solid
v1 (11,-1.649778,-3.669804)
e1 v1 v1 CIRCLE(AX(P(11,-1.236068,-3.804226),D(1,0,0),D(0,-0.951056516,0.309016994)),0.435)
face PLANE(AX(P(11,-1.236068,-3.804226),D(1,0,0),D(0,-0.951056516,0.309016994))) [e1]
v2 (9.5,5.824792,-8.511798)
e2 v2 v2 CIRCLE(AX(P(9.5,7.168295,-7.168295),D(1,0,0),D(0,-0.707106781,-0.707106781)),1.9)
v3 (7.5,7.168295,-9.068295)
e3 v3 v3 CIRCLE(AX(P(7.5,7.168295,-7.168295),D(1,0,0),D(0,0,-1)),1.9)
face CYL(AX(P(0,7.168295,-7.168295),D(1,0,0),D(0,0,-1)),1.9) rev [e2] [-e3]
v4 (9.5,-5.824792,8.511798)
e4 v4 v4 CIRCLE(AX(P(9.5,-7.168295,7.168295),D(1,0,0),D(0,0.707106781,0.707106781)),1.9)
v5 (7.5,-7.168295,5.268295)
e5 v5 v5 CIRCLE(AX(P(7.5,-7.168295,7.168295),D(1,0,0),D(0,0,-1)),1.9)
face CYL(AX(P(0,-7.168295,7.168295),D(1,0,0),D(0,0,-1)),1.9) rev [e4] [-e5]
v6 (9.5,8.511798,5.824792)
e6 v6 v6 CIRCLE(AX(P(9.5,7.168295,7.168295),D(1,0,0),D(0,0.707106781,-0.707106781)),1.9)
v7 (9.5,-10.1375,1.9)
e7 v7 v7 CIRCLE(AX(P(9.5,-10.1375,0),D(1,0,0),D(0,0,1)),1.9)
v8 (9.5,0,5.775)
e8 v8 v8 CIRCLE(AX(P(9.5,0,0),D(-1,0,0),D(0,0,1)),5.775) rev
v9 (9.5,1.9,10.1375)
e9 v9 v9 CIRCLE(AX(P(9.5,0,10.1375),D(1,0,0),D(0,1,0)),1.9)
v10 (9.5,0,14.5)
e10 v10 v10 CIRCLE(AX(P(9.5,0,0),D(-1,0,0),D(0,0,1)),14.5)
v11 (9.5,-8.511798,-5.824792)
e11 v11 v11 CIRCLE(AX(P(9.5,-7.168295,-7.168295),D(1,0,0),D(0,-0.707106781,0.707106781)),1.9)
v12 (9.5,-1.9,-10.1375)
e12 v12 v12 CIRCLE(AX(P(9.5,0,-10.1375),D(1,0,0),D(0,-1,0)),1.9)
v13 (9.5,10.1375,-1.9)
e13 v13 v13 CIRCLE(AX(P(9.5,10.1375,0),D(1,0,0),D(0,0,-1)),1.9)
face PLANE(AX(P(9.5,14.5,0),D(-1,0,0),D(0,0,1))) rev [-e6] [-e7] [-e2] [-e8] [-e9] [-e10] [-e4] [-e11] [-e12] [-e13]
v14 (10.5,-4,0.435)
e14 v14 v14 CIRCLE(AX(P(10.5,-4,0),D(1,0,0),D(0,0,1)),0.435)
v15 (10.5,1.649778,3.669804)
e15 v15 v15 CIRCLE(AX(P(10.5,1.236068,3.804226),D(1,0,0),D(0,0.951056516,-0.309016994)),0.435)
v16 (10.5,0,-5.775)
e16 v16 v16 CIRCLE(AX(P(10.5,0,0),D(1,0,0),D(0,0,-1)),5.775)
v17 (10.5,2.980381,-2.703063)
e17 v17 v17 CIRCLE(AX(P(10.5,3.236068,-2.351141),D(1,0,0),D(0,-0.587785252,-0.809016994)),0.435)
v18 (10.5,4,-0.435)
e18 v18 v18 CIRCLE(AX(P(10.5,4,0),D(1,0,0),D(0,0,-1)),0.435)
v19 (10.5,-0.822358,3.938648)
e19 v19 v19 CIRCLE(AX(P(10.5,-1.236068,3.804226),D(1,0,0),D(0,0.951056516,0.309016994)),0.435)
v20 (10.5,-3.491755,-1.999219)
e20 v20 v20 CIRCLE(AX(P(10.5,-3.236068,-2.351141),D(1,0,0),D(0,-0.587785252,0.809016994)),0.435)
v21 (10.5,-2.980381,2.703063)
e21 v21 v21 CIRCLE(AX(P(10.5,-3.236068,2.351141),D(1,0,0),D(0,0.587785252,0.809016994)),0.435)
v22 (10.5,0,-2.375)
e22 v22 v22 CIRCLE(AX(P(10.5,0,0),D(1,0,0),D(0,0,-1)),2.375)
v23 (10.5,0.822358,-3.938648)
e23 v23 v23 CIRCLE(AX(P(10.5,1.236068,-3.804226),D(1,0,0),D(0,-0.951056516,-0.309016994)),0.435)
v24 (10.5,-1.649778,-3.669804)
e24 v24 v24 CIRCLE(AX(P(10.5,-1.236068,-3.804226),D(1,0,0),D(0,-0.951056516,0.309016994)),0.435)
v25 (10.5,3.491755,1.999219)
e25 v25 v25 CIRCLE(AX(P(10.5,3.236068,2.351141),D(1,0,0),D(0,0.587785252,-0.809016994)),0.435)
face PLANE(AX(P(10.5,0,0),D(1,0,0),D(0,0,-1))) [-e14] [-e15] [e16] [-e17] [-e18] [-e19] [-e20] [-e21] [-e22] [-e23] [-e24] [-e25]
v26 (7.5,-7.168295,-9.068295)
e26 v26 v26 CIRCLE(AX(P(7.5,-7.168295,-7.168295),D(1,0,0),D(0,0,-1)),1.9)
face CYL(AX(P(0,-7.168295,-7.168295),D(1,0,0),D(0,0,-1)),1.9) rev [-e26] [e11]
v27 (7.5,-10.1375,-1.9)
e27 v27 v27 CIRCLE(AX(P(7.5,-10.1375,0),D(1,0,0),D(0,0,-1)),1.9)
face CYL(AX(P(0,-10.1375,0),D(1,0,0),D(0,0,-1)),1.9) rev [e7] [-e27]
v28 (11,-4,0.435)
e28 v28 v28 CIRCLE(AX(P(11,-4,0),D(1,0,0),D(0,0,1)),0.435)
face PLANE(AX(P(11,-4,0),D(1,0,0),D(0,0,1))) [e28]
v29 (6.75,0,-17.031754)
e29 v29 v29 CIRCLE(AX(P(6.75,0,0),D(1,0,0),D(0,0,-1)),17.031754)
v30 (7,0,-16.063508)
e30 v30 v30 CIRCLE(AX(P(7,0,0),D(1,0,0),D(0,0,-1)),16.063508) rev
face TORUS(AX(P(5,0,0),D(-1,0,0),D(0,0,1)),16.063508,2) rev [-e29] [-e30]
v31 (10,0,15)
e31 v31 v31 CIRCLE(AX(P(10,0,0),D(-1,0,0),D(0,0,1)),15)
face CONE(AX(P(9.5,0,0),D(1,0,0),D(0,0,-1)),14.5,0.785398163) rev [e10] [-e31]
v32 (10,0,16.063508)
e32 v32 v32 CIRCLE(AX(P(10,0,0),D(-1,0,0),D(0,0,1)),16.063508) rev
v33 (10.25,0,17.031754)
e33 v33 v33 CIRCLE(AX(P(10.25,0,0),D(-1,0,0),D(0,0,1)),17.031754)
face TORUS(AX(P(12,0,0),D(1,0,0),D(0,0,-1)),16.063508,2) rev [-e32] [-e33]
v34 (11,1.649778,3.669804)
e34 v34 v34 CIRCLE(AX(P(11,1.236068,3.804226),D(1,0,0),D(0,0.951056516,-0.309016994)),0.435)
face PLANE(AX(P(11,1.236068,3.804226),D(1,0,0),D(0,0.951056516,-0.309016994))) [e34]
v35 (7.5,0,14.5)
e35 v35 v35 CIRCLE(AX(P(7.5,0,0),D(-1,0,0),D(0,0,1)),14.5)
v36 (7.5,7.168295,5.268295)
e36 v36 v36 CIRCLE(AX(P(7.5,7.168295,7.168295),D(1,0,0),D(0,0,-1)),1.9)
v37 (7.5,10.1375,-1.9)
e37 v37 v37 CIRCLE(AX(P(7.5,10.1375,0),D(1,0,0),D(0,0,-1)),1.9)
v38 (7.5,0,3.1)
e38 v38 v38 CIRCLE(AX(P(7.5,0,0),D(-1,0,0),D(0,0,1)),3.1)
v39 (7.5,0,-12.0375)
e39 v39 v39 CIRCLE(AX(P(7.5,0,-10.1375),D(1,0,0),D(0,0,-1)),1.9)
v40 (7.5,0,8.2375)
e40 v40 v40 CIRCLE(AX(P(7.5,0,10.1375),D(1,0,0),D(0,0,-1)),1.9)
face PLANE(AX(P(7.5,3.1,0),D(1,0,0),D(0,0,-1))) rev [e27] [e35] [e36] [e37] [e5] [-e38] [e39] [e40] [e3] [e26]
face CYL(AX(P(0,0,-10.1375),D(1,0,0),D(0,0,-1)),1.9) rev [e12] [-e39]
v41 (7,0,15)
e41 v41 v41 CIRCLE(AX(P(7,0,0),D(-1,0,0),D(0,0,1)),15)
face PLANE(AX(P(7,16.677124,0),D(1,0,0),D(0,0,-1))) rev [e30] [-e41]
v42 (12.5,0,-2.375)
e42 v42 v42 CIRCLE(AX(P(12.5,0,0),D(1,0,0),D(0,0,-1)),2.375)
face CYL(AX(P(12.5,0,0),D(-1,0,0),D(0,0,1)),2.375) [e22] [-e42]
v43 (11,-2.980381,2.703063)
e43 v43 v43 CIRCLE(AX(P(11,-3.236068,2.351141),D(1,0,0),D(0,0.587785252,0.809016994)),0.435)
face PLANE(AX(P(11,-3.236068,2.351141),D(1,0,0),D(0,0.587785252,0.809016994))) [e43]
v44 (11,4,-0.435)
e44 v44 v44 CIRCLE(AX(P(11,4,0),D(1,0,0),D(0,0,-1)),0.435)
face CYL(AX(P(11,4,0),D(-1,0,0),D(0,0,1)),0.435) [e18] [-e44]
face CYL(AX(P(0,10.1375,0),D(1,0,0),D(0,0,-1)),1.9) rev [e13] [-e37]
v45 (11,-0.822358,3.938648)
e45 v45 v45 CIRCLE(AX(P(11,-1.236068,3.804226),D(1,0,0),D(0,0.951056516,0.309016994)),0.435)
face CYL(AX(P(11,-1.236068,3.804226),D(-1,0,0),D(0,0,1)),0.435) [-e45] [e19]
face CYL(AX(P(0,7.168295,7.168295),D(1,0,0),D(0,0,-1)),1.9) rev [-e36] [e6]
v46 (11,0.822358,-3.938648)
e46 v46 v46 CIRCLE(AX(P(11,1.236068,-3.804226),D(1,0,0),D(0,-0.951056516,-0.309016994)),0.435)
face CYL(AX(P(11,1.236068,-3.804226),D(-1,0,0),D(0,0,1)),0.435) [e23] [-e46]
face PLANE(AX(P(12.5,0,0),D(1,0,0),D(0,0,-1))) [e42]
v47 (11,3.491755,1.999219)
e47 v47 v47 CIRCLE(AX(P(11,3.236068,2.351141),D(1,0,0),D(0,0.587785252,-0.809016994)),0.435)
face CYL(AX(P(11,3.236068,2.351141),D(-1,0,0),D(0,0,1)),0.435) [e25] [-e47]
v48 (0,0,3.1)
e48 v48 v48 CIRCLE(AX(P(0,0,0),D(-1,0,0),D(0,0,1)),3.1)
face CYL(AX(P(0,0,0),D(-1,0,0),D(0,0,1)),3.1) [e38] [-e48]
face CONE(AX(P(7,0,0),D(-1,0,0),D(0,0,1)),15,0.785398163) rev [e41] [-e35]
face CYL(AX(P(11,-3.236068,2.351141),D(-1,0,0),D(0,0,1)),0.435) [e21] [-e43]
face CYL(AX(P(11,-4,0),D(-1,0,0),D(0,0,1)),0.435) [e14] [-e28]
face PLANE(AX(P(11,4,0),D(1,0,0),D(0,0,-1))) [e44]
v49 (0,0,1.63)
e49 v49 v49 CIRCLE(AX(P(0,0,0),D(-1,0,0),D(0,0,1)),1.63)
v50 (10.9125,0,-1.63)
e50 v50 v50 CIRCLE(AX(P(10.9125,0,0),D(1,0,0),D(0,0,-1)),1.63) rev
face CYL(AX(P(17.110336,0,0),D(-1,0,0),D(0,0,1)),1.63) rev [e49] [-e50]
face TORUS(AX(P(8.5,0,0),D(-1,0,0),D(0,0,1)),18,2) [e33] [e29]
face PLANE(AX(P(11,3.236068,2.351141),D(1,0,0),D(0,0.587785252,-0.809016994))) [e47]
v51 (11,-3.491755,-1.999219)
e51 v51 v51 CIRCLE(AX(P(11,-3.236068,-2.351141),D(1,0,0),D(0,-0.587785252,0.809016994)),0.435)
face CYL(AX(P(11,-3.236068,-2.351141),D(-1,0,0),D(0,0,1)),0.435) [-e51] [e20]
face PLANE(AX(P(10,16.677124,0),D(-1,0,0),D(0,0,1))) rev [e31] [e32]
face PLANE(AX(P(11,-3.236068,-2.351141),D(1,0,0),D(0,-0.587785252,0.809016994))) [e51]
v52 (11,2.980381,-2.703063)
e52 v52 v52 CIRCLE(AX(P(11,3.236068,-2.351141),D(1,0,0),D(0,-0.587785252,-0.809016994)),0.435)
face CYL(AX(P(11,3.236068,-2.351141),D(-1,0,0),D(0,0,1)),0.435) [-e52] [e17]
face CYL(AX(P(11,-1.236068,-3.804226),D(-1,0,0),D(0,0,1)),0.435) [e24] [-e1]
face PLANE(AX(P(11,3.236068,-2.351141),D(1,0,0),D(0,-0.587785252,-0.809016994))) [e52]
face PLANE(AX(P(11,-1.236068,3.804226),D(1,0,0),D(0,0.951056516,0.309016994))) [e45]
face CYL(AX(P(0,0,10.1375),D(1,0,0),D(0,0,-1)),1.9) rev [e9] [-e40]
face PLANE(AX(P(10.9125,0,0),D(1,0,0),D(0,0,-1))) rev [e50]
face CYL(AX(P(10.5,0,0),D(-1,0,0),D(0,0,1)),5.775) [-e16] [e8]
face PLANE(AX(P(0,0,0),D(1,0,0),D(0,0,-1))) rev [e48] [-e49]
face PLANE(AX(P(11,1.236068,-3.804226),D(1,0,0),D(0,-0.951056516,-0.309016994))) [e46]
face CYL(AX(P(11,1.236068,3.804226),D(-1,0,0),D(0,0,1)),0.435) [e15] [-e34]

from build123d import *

# Parameters (mm, degrees)
FILLET1_R          = 2
SKETCH2_R          = 5.775
EXTRUDE1_DEPTH     = 1
SKETCH3_R          = 2.375
EXTRUDE2_DEPTH     = 2
SKETCH4_R          = 0.435
EXTRUDE3_DEPTH     = 0.5
CIRPATTERN1_COUNT  = 10
SKETCH5_R          = 1.9
CUT_EXTRUDE1_DEPTH = 30.83705763
CIRPATTERN2_COUNT  = 8
SKETCH6_R          = 1.63
CUT_EXTRUDE2_DEPTH = 10.9125


with BuildPart() as part:
    # Sketch1 → Revolve1 (revolve)
    with BuildSketch(Plane.XY, mode=Mode.PRIVATE) as revolve1_sk:
        with BuildLine():
            Line((9.5, 0), (0, 0))
            Line((0, 0), (0, 3.1))
            Line((0, 3.1), (7.5, 3.1))
            Line((7.5, 3.1), (7.5, 14.5))
            Line((7.5, 14.5), (7, 15))
            Line((7, 15), (7, 16.677124344))
            ThreePointArc((7, 16.677124344), (8.5, 20), (10, 16.677124344))
            Line((10, 16.677124344), (10, 15))
            Line((10, 15), (9.5, 14.5))
            Line((9.5, 14.5), (9.5, 0))
        make_face()
    revolve(revolve1_sk.sketch.rotate(Axis((0, 0, 0), (1, 0, 0)), 90), axis=Axis((0, 0, 0), (1, 0, 0)))

    # Fillet1
    fillet1_edges = [part.edges().sort_by_distance(p)[0] for p in [
        (7, 0, -16.677124344),
        (10, 0, -16.677124344),
    ]]
    fillet(fillet1_edges, radius=FILLET1_R)

    # Sketch2 → Extrude1 (add)
    with BuildSketch(Plane(origin=(9.5, 0, 0), x_dir=(0, 0, -1), z_dir=(1, 0, 0))):
        with Locations(Location((0, 0, 0), (0, 0, 180))):
            Circle(SKETCH2_R)
    extrude(amount=EXTRUDE1_DEPTH)

    # Sketch3 → Extrude2 (add)
    with BuildSketch(Plane(origin=(10.5, 0, 0), x_dir=(0, 0, -1), z_dir=(1, 0, 0))):
        Circle(SKETCH3_R)
    extrude(amount=EXTRUDE2_DEPTH)

    # Sketch4 → Extrude3 (add)
    with BuildSketch(Plane(origin=(10.5, 0, 0), x_dir=(0, 0, -1), z_dir=(1, 0, 0))):
        with Locations((0, 4)):
            Circle(SKETCH4_R)
    extrude3 = extrude(amount=EXTRUDE3_DEPTH)

    # CirPattern1: Extrude3 ×10 about axis
    cirpattern1_axis = Axis((0, 0, 0), (1, 0, 0))
    for i in range(1, CIRPATTERN1_COUNT):
        add(extrude3.rotate(cirpattern1_axis, i * 360 / CIRPATTERN1_COUNT))

    # Sketch5 → Cut-Extrude1 (cut, through all)
    with BuildSketch(Plane(origin=(9.5, 0, 0), x_dir=(0, 0, -1), z_dir=(1, 0, 0))):
        with Locations((0, 10.1375)):
            Circle(SKETCH5_R)
    cut_extrude1 = extrude(amount=-CUT_EXTRUDE1_DEPTH, mode=Mode.SUBTRACT)

    # CirPattern2: Cut-Extrude1 ×8 about axis
    cirpattern2_axis = Axis((0, 0, 0), (1, 0, 0))
    for i in range(1, CIRPATTERN2_COUNT):
        add(cut_extrude1.rotate(cirpattern2_axis, i * 360 / CIRPATTERN2_COUNT), mode=Mode.SUBTRACT)

    # Sketch6 → Cut-Extrude2 (cut)
    with BuildSketch(Plane.ZY):
        Circle(SKETCH6_R)
    extrude(amount=-CUT_EXTRUDE2_DEPTH, mode=Mode.SUBTRACT)


solid = part.part
